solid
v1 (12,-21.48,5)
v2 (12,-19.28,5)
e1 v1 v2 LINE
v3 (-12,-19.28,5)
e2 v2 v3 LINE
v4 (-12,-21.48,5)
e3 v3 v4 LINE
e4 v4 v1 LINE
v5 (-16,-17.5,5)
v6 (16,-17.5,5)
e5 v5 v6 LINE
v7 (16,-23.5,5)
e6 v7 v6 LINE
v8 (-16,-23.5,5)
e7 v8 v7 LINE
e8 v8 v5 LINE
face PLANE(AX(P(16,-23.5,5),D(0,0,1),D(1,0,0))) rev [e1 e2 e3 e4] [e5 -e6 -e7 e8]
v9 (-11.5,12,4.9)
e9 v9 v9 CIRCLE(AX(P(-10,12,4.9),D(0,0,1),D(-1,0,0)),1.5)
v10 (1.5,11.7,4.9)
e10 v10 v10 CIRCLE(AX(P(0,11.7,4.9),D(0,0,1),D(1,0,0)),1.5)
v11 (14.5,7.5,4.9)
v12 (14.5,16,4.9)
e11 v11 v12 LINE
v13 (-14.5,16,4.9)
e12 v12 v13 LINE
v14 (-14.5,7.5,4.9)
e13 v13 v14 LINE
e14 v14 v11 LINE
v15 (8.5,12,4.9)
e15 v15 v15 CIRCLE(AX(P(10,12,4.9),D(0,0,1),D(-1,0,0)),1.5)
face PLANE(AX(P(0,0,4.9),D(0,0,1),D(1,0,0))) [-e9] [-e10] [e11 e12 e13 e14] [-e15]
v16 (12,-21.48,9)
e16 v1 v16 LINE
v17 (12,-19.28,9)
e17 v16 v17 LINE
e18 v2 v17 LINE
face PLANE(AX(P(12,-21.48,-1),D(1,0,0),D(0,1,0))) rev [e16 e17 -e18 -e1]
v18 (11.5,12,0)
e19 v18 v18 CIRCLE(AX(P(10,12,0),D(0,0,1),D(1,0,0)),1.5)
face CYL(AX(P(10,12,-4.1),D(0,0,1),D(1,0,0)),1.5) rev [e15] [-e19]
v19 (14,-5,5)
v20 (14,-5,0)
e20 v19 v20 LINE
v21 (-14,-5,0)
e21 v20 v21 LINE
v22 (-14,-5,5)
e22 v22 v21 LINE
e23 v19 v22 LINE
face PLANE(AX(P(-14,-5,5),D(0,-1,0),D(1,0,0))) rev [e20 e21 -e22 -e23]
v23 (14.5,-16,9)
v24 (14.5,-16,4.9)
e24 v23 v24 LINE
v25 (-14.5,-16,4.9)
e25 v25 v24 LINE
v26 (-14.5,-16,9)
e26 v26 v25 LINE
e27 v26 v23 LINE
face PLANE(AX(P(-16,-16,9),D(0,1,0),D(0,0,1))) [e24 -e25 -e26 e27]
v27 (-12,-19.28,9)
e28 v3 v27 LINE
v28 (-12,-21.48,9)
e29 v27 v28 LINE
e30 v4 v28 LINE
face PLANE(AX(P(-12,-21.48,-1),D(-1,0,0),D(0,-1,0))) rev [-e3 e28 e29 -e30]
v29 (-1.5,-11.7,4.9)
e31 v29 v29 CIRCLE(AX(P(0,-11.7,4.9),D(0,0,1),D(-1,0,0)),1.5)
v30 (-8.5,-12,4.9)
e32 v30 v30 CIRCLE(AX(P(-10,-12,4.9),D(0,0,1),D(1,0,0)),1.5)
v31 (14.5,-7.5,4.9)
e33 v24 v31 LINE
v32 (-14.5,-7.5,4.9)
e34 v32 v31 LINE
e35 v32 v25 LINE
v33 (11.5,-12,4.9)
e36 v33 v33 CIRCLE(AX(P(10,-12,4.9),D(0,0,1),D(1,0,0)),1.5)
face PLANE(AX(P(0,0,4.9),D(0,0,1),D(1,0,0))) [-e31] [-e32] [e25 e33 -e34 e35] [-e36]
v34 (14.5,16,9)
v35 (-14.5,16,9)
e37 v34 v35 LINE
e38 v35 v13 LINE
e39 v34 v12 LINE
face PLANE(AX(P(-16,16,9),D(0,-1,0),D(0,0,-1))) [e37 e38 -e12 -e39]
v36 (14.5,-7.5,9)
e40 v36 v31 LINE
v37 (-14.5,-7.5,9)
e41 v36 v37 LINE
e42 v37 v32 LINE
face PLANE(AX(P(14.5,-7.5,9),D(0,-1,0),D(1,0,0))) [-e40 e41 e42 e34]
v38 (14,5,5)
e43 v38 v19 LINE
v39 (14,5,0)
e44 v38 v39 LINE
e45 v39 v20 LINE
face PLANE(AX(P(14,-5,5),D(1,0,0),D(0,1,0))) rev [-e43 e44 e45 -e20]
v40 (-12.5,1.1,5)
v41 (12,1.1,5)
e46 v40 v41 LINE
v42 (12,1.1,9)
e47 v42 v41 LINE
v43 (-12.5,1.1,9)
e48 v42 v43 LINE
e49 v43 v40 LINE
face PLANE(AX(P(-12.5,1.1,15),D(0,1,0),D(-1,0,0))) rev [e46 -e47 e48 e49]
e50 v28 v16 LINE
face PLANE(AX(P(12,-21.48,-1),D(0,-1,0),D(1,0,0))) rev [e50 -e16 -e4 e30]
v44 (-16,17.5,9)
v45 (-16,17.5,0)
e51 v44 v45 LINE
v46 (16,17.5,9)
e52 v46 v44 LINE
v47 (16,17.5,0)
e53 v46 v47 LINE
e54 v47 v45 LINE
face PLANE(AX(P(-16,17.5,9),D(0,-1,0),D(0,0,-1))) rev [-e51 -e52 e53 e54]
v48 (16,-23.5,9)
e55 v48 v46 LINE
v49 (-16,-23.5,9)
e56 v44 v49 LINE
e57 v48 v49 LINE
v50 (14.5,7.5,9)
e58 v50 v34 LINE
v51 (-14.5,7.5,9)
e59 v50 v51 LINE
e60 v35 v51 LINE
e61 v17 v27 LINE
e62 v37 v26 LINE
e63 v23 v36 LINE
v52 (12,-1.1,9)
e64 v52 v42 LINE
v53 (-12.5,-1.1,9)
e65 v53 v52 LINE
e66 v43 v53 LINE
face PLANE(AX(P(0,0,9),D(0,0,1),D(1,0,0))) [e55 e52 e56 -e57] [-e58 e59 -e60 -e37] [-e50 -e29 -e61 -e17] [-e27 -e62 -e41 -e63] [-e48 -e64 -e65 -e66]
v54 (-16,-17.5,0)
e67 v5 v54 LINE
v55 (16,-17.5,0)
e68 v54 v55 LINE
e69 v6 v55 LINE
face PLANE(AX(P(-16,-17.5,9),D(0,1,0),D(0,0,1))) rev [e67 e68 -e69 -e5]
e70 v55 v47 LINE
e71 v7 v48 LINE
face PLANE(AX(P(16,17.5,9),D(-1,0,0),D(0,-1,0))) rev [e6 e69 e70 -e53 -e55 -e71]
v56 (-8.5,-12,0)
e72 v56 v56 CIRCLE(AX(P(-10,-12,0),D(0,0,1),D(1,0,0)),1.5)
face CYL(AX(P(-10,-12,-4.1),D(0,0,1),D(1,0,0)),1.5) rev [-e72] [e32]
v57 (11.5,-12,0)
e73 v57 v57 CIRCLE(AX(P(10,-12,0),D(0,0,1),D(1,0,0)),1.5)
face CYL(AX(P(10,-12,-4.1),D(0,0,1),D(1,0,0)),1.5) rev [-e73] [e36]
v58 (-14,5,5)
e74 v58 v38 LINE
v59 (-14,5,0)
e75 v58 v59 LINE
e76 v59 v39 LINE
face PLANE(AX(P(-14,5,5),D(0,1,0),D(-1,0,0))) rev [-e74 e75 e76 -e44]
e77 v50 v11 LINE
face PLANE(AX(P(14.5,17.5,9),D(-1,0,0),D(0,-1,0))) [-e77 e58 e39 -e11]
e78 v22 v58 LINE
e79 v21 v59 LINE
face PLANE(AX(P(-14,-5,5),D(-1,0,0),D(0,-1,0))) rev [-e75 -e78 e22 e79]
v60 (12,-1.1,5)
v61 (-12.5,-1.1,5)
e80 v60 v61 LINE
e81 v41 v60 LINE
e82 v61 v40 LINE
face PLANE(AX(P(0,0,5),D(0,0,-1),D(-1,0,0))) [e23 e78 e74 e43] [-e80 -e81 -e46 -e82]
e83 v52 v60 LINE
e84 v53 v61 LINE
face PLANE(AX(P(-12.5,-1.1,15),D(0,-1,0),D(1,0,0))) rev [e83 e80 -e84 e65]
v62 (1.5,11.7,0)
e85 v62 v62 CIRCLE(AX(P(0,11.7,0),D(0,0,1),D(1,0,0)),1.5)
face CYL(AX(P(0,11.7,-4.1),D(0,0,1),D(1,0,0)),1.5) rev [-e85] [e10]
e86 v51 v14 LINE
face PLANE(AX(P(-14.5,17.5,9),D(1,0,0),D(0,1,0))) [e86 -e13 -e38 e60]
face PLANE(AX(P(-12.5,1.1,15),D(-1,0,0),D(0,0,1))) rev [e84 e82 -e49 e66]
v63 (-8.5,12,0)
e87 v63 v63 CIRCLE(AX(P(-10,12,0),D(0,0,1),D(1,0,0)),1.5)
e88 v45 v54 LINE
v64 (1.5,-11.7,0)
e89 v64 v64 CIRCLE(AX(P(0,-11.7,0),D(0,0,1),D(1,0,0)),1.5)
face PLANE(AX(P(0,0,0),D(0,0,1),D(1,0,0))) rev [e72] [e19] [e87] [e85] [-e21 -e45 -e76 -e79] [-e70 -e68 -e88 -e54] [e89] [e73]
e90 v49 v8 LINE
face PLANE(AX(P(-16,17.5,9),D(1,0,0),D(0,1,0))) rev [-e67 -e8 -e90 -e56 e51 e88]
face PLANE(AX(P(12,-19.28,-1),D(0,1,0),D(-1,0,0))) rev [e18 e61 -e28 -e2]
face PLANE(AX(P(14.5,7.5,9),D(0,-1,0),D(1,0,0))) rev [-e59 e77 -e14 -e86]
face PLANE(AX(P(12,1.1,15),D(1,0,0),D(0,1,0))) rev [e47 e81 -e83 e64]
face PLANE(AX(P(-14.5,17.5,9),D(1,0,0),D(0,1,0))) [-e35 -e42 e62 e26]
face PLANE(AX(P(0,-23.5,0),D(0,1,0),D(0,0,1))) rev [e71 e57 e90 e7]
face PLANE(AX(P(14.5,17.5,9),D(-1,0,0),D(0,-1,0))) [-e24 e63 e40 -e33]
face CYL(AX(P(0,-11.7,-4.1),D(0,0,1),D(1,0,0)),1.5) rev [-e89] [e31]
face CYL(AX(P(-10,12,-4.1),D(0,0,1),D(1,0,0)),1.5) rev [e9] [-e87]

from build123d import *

# Parameters (mm, degrees)
SKETCH4_W                 = 32
SKETCH4_H                 = 35
BOSS_EXTRUDE1_DEPTH       = 9
SHELL1_T                  = -1.5
SHELL1_THICKNESS_2_FACE_W = 29
SHELL1_THICKNESS_2_FACE_H = 32
SHELL1_THICKNESS_2_DEPTH  = 3.4
SKETCH5_R                 = 1.5
CUT_EXTRUDE2_DEPTH        = 9
RIB6_REACH                = 27.362
SKETCH12_WALLS_W          = 81.724747412
SKETCH12_WALLS_H          = 15
SKETCH13_W                = 28
SKETCH13_H                = 10
CUT_EXTRUDE3_DEPTH        = 5
SKETCH15_W                = 24.5
SKETCH15_H                = 2.2
CUT_EXTRUDE4_DEPTH        = 10
SKETCH16_W                = 32
SKETCH16_H                = 4
BOSS_EXTRUDE2_DEPTH       = 6
SKETCH17_W                = 24
SKETCH17_H                = 2.2
CUT_EXTRUDE5_DEPTH        = 10


with BuildPart() as part:
    # Sketch4 → Boss-Extrude1 (new body)
    with BuildSketch(Plane.XY):
        Rectangle(SKETCH4_W, SKETCH4_H)
    extrude(amount=BOSS_EXTRUDE1_DEPTH)

    # Shell1
    shell1_openings = [part.faces().sort_by_distance(p)[0] for p in [
        (0, 0, 9),
    ]]
    offset(amount=SHELL1_T, openings=shell1_openings, kind=Kind.INTERSECTION)

    # Shell1 thickness 2 face (on inner face of the shell) → Shell1 thickness 2 (add)
    with BuildSketch(Plane(origin=(0, 0, 1.5), x_dir=(-1, 0, 0), z_dir=(0, 0, -1))):
        Rectangle(SHELL1_THICKNESS_2_FACE_W, SHELL1_THICKNESS_2_FACE_H)
    extrude(amount=-SHELL1_THICKNESS_2_DEPTH)

    # Sketch5 → Cut-Extrude2 (cut)
    with BuildSketch(Plane.XY.offset(4.9)):
        with Locations((-10, -12)):
            Circle(SKETCH5_R)
        with Locations((10, -12)):
            Circle(SKETCH5_R)
        with Locations((0, 11.7)):
            Circle(SKETCH5_R)
        with Locations((0, -11.7)):
            Circle(SKETCH5_R)
        with Locations((-10, 12)):
            Circle(SKETCH5_R)
        with Locations((10, 12)):
            Circle(SKETCH5_R)
    extrude(amount=-CUT_EXTRUDE2_DEPTH, mode=Mode.SUBTRACT)

    # Sketch12 walls → Rib6 (add, up to next)
    with BuildSketch(Plane.XY.offset(9), mode=Mode.PRIVATE) as rib6_sk1:
        Rectangle(SKETCH12_WALLS_W, SKETCH12_WALLS_H)
    rib6_tool1 = extrude(rib6_sk1.sketch, amount=-RIB6_REACH, mode=Mode.PRIVATE) - part.part
    add(rib6_tool1.solids().sort_by_distance((0, 0, 9))[0])

    # Sketch13 → Cut-Extrude3 (cut)
    with BuildSketch(Plane(origin=(0, 0, 0), x_dir=(-1, 0, 0), z_dir=(0, 0, -1))):
        Rectangle(SKETCH13_W, SKETCH13_H)
    extrude(amount=-CUT_EXTRUDE3_DEPTH, mode=Mode.SUBTRACT)

    # Sketch15 → Cut-Extrude4 (cut)
    with BuildSketch(Plane(origin=(0, 0, 5), x_dir=(-1, 0, 0), z_dir=(0, 0, -1))):
        with Locations((0.25, 0)):
            Rectangle(SKETCH15_W, SKETCH15_H)
    extrude(amount=-CUT_EXTRUDE4_DEPTH, mode=Mode.SUBTRACT)

    # Sketch16 → Boss-Extrude2 (add)
    with BuildSketch(Plane.XZ.offset(17.5)):
        with Locations((0, 7)):
            Rectangle(SKETCH16_W, SKETCH16_H)
    extrude(amount=BOSS_EXTRUDE2_DEPTH)

    # Sketch17 → Cut-Extrude5 (cut)
    with BuildSketch(Plane.XY.offset(9)):
        with Locations((0, -20.38)):
            Rectangle(SKETCH17_W, SKETCH17_H)
    extrude(amount=-CUT_EXTRUDE5_DEPTH, mode=Mode.SUBTRACT)


solid = part.part
